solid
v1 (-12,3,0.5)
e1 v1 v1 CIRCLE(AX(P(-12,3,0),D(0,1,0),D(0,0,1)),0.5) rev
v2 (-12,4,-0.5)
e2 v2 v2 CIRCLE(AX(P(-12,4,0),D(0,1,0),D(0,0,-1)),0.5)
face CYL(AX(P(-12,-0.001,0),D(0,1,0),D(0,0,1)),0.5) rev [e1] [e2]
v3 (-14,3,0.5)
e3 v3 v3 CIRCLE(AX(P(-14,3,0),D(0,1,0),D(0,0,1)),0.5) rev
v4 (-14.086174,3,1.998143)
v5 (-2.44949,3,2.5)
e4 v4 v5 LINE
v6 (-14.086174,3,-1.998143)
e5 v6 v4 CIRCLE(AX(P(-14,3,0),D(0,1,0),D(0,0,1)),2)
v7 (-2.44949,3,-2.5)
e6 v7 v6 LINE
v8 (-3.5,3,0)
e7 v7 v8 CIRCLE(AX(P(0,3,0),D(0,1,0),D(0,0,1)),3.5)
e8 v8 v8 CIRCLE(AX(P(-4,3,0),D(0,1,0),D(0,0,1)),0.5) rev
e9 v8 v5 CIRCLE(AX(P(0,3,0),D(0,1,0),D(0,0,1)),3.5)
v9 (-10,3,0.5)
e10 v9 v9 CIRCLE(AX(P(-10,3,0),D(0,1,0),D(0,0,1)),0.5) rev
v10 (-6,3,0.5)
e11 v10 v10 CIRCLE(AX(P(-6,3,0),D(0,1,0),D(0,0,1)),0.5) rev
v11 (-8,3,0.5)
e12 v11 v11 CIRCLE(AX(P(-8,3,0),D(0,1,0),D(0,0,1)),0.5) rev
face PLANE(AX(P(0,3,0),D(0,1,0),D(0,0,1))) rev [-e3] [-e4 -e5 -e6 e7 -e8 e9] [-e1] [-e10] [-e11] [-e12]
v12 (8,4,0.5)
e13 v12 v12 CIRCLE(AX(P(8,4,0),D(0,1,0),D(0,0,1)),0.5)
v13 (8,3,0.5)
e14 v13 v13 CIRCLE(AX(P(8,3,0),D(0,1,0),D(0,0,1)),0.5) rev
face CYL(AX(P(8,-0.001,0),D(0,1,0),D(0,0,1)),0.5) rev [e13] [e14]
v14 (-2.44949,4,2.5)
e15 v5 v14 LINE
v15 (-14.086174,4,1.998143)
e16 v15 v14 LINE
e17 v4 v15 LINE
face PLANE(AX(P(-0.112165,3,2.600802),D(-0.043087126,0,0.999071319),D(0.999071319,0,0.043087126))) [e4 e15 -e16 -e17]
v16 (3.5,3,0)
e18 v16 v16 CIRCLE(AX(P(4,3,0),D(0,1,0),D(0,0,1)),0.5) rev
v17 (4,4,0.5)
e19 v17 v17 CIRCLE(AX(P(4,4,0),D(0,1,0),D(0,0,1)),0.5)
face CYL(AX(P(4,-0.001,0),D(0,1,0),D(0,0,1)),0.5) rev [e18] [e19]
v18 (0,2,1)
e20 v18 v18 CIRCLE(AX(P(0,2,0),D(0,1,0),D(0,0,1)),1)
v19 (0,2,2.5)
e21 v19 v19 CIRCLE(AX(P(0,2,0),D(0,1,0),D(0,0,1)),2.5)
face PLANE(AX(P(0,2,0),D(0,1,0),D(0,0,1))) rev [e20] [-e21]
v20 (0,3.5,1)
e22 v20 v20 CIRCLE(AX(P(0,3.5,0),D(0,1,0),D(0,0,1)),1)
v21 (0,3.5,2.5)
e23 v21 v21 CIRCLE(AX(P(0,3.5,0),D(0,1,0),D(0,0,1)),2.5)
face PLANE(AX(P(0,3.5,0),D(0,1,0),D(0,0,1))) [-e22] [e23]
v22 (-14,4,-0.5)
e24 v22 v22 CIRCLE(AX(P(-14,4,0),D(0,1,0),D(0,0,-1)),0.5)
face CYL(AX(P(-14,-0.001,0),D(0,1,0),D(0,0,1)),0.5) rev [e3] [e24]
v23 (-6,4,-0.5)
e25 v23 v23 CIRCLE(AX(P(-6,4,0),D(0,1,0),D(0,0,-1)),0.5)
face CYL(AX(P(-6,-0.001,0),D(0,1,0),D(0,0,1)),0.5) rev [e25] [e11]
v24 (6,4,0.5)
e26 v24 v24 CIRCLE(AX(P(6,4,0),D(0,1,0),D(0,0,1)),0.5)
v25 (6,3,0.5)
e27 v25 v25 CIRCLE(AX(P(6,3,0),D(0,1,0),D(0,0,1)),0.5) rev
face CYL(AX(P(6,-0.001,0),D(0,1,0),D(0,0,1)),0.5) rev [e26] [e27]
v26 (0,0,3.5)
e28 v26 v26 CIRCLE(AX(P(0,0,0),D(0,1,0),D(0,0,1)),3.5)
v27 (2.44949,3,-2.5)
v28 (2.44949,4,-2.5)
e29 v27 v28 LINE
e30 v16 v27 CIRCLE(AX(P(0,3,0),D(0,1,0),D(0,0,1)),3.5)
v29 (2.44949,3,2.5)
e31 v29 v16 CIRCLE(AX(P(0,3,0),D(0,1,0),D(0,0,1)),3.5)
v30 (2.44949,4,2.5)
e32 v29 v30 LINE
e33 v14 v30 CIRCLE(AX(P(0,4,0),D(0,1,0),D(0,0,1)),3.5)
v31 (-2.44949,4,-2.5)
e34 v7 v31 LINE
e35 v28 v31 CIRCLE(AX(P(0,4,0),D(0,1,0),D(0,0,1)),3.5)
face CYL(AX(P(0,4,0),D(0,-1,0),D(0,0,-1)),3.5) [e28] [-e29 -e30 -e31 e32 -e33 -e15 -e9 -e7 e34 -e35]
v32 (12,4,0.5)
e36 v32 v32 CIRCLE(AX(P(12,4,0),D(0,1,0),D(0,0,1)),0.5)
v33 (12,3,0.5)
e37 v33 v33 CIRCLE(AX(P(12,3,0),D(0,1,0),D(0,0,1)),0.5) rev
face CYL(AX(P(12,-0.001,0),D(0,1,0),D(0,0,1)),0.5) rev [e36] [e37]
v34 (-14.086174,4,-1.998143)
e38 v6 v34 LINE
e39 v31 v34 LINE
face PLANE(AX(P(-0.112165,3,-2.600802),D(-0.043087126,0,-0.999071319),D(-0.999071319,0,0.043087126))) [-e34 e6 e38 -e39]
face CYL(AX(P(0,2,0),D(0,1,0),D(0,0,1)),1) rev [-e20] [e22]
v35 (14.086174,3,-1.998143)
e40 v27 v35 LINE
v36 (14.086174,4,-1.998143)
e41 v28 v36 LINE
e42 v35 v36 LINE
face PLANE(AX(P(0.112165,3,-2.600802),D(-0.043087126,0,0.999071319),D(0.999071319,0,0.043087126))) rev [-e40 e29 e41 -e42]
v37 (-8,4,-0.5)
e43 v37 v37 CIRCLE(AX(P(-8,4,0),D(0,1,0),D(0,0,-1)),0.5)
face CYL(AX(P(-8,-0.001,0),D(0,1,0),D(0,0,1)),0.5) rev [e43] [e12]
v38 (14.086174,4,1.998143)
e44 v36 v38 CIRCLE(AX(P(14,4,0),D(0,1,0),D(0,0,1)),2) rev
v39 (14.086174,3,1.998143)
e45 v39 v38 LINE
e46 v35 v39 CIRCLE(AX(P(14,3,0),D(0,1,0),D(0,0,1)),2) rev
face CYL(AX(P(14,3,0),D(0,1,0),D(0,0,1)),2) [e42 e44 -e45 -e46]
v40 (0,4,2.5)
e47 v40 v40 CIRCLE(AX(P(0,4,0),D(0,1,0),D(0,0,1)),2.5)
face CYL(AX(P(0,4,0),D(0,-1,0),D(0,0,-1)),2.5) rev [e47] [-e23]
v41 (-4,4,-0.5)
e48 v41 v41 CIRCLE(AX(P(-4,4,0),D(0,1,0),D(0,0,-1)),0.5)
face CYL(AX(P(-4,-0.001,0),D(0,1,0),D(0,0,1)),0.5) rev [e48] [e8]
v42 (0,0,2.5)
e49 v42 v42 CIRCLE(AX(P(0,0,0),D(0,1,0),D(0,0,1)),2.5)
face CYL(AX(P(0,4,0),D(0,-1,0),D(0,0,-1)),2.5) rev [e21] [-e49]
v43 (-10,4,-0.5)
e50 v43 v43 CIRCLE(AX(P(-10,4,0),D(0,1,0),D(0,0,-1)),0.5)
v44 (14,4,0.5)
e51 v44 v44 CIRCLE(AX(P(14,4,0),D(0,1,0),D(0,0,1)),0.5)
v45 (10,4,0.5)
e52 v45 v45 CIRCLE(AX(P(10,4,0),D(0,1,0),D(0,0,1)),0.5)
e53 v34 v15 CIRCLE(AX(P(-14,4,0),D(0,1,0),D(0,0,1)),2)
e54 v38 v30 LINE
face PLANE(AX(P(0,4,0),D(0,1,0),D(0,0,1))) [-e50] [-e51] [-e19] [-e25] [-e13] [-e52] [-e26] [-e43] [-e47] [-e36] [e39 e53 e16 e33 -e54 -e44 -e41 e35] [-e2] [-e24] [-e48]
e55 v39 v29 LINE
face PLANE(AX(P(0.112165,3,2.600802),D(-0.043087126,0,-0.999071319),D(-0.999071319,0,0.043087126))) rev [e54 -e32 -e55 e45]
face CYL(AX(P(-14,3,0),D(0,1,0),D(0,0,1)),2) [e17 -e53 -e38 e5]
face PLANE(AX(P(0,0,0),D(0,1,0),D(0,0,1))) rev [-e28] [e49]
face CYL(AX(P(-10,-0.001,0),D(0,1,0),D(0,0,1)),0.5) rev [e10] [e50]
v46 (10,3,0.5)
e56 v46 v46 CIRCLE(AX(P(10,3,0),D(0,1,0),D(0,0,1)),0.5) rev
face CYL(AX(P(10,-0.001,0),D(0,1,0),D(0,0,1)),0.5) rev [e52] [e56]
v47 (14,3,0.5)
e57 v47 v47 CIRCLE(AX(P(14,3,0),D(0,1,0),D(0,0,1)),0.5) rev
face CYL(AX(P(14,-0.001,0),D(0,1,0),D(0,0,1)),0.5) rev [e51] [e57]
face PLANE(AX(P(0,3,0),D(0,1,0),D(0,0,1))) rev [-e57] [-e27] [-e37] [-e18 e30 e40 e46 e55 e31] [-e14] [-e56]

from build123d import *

# Parameters (mm, degrees)
SKETCH1_R           = 3.5
SKETCH1_R_2         = 2.5
BOSS_EXTRUDE1_DEPTH = 4
BOSS_EXTRUDE2_START = -2
SKETCH2_R           = 3.5
SKETCH2_R_2         = 1
BOSS_EXTRUDE2_DEPTH = 1.5
BOSS_EXTRUDE3_START = -1
BOSS_EXTRUDE3_DEPTH = 1
CUT_EXTRUDE1_REACH  = 18.86
SKETCH4_R           = 0.5


with BuildPart() as part:
    # Sketch1 → Boss-Extrude1 (new body)
    with BuildSketch(Plane(origin=(0, 0, 0), x_dir=(1, 0, 0), z_dir=(0, 1, 0))):
        with Locations(Location((0, 0, 0), (0, 0, 270))):
            Circle(SKETCH1_R)
        with Locations(Location((0, 0, 0), (0, 0, 270))):
            Circle(SKETCH1_R_2, mode=Mode.SUBTRACT)
    extrude(amount=BOSS_EXTRUDE1_DEPTH)

    # Sketch2 → Boss-Extrude2 (add)
    with BuildSketch(Plane(origin=(0, 4, 0), x_dir=(1, 0, 0), z_dir=(0, 1, 0)).offset(BOSS_EXTRUDE2_START)):
        with Locations(Location((0, 0, 0), (0, 0, 270))):
            Circle(SKETCH2_R)
        with Locations(Location((0, 0, 0), (0, 0, 270))):
            Circle(SKETCH2_R_2, mode=Mode.SUBTRACT)
    extrude(amount=BOSS_EXTRUDE2_DEPTH)

    # Sketch3 → Boss-Extrude3 (add)
    with BuildSketch(Plane(origin=(0, 4, 0), x_dir=(1, 0, 0), z_dir=(0, 1, 0)).offset(BOSS_EXTRUDE3_START)):
        with BuildLine():
            ThreePointArc((-2.449489743, -2.5), (-3.5, 0), (-2.449489743, 2.5))
            Line((-2.449489743, 2.5), (-14.086174253, 1.998142637))
            ThreePointArc((-14.086174253, 1.998142637), (-16, 0), (-14.086174253, -1.998142637))
            Line((-14.086174253, -1.998142637), (-2.449489743, -2.5))
        make_face()
        with BuildLine():
            Line((2.449489743, -2.5), (14.086174253, -1.998142637))
            ThreePointArc((14.086174253, -1.998142637), (16, 0), (14.086174253, 1.998142637))
            Line((14.086174253, 1.998142637), (2.449489743, 2.5))
            ThreePointArc((2.449489743, 2.5), (3.5, 0), (2.449489743, -2.5))
        make_face()
    extrude(amount=BOSS_EXTRUDE3_DEPTH)

    # Sketch4 → Cut-Extrude1 (cut, up to next)
    with BuildSketch(Plane(origin=(0, 4, 0), x_dir=(1, 0, 0), z_dir=(0, 1, 0)), mode=Mode.PRIVATE) as cut_extrude1_sk1:
        with Locations(Location((4, 0, 0), (0, 0, 270))):
            Circle(SKETCH4_R)
    cut_extrude1_tool1 = extrude(cut_extrude1_sk1.sketch, amount=-CUT_EXTRUDE1_REACH, mode=Mode.PRIVATE) & part.part
    # Sketch4 → Cut-Extrude1 (cut, up to next)
    with BuildSketch(Plane(origin=(0, 4, 0), x_dir=(1, 0, 0), z_dir=(0, 1, 0)), mode=Mode.PRIVATE) as cut_extrude1_sk2:
        with Locations(Location((6, 0, 0), (0, 0, 270))):
            Circle(SKETCH4_R)
    cut_extrude1_tool2 = extrude(cut_extrude1_sk2.sketch, amount=-CUT_EXTRUDE1_REACH, mode=Mode.PRIVATE) & part.part
    # Sketch4 → Cut-Extrude1 (cut, up to next)
    with BuildSketch(Plane(origin=(0, 4, 0), x_dir=(1, 0, 0), z_dir=(0, 1, 0)), mode=Mode.PRIVATE) as cut_extrude1_sk3:
        with Locations(Location((8, 0, 0), (0, 0, 270))):
            Circle(SKETCH4_R)
    cut_extrude1_tool3 = extrude(cut_extrude1_sk3.sketch, amount=-CUT_EXTRUDE1_REACH, mode=Mode.PRIVATE) & part.part
    # Sketch4 → Cut-Extrude1 (cut, up to next)
    with BuildSketch(Plane(origin=(0, 4, 0), x_dir=(1, 0, 0), z_dir=(0, 1, 0)), mode=Mode.PRIVATE) as cut_extrude1_sk4:
        with Locations(Location((10, 0, 0), (0, 0, 270))):
            Circle(SKETCH4_R)
    cut_extrude1_tool4 = extrude(cut_extrude1_sk4.sketch, amount=-CUT_EXTRUDE1_REACH, mode=Mode.PRIVATE) & part.part
    # Sketch4 → Cut-Extrude1 (cut, up to next)
    with BuildSketch(Plane(origin=(0, 4, 0), x_dir=(1, 0, 0), z_dir=(0, 1, 0)), mode=Mode.PRIVATE) as cut_extrude1_sk5:
        with Locations(Location((12, 0, 0), (0, 0, 270))):
            Circle(SKETCH4_R)
    cut_extrude1_tool5 = extrude(cut_extrude1_sk5.sketch, amount=-CUT_EXTRUDE1_REACH, mode=Mode.PRIVATE) & part.part
    # Sketch4 → Cut-Extrude1 (cut, up to next)
    with BuildSketch(Plane(origin=(0, 4, 0), x_dir=(1, 0, 0), z_dir=(0, 1, 0)), mode=Mode.PRIVATE) as cut_extrude1_sk6:
        with Locations(Location((14, 0, 0), (0, 0, 270))):
            Circle(SKETCH4_R)
    cut_extrude1_tool6 = extrude(cut_extrude1_sk6.sketch, amount=-CUT_EXTRUDE1_REACH, mode=Mode.PRIVATE) & part.part
    # Sketch4 → Cut-Extrude1 (cut, up to next)
    with BuildSketch(Plane(origin=(0, 4, 0), x_dir=(1, 0, 0), z_dir=(0, 1, 0)), mode=Mode.PRIVATE) as cut_extrude1_sk7:
        with Locations(Location((-14, 0, 0), (0, 0, 270))):
            Circle(SKETCH4_R)
    cut_extrude1_tool7 = extrude(cut_extrude1_sk7.sketch, amount=-CUT_EXTRUDE1_REACH, mode=Mode.PRIVATE) & part.part
    # Sketch4 → Cut-Extrude1 (cut, up to next)
    with BuildSketch(Plane(origin=(0, 4, 0), x_dir=(1, 0, 0), z_dir=(0, 1, 0)), mode=Mode.PRIVATE) as cut_extrude1_sk8:
        with Locations(Location((-12, 0, 0), (0, 0, 270))):
            Circle(SKETCH4_R)
    cut_extrude1_tool8 = extrude(cut_extrude1_sk8.sketch, amount=-CUT_EXTRUDE1_REACH, mode=Mode.PRIVATE) & part.part
    # Sketch4 → Cut-Extrude1 (cut, up to next)
    with BuildSketch(Plane(origin=(0, 4, 0), x_dir=(1, 0, 0), z_dir=(0, 1, 0)), mode=Mode.PRIVATE) as cut_extrude1_sk9:
        with Locations(Location((-10, 0, 0), (0, 0, 270))):
            Circle(SKETCH4_R)
    cut_extrude1_tool9 = extrude(cut_extrude1_sk9.sketch, amount=-CUT_EXTRUDE1_REACH, mode=Mode.PRIVATE) & part.part
    # Sketch4 → Cut-Extrude1 (cut, up to next)
    with BuildSketch(Plane(origin=(0, 4, 0), x_dir=(1, 0, 0), z_dir=(0, 1, 0)), mode=Mode.PRIVATE) as cut_extrude1_sk10:
        with Locations(Location((-8, 0, 0), (0, 0, 270))):
            Circle(SKETCH4_R)
    cut_extrude1_tool10 = extrude(cut_extrude1_sk10.sketch, amount=-CUT_EXTRUDE1_REACH, mode=Mode.PRIVATE) & part.part
    # Sketch4 → Cut-Extrude1 (cut, up to next)
    with BuildSketch(Plane(origin=(0, 4, 0), x_dir=(1, 0, 0), z_dir=(0, 1, 0)), mode=Mode.PRIVATE) as cut_extrude1_sk11:
        with Locations(Location((-6, 0, 0), (0, 0, 270))):
            Circle(SKETCH4_R)
    cut_extrude1_tool11 = extrude(cut_extrude1_sk11.sketch, amount=-CUT_EXTRUDE1_REACH, mode=Mode.PRIVATE) & part.part
    # Sketch4 → Cut-Extrude1 (cut, up to next)
    with BuildSketch(Plane(origin=(0, 4, 0), x_dir=(1, 0, 0), z_dir=(0, 1, 0)), mode=Mode.PRIVATE) as cut_extrude1_sk12:
        with Locations(Location((-4, 0, 0), (0, 0, 359.998928085))):
            Circle(SKETCH4_R)
    cut_extrude1_tool12 = extrude(cut_extrude1_sk12.sketch, amount=-CUT_EXTRUDE1_REACH, mode=Mode.PRIVATE) & part.part
    add(cut_extrude1_tool1.solids().sort_by_distance((4, 4, 0))[0], mode=Mode.SUBTRACT)
    add(cut_extrude1_tool2.solids().sort_by_distance((6, 4, 0))[0], mode=Mode.SUBTRACT)
    add(cut_extrude1_tool3.solids().sort_by_distance((8, 4, 0))[0], mode=Mode.SUBTRACT)
    add(cut_extrude1_tool4.solids().sort_by_distance((10, 4, 0))[0], mode=Mode.SUBTRACT)
    add(cut_extrude1_tool5.solids().sort_by_distance((12, 4, 0))[0], mode=Mode.SUBTRACT)
    add(cut_extrude1_tool6.solids().sort_by_distance((14, 4, 0))[0], mode=Mode.SUBTRACT)
    add(cut_extrude1_tool7.solids().sort_by_distance((-14, 4, 0))[0], mode=Mode.SUBTRACT)
    add(cut_extrude1_tool8.solids().sort_by_distance((-12, 4, 0))[0], mode=Mode.SUBTRACT)
    add(cut_extrude1_tool9.solids().sort_by_distance((-10, 4, 0))[0], mode=Mode.SUBTRACT)
    add(cut_extrude1_tool10.solids().sort_by_distance((-8, 4, 0))[0], mode=Mode.SUBTRACT)
    add(cut_extrude1_tool11.solids().sort_by_distance((-6, 4, 0))[0], mode=Mode.SUBTRACT)
    add(cut_extrude1_tool12.solids().sort_by_distance((-4, 4, 0))[0], mode=Mode.SUBTRACT)


solid = part.part
